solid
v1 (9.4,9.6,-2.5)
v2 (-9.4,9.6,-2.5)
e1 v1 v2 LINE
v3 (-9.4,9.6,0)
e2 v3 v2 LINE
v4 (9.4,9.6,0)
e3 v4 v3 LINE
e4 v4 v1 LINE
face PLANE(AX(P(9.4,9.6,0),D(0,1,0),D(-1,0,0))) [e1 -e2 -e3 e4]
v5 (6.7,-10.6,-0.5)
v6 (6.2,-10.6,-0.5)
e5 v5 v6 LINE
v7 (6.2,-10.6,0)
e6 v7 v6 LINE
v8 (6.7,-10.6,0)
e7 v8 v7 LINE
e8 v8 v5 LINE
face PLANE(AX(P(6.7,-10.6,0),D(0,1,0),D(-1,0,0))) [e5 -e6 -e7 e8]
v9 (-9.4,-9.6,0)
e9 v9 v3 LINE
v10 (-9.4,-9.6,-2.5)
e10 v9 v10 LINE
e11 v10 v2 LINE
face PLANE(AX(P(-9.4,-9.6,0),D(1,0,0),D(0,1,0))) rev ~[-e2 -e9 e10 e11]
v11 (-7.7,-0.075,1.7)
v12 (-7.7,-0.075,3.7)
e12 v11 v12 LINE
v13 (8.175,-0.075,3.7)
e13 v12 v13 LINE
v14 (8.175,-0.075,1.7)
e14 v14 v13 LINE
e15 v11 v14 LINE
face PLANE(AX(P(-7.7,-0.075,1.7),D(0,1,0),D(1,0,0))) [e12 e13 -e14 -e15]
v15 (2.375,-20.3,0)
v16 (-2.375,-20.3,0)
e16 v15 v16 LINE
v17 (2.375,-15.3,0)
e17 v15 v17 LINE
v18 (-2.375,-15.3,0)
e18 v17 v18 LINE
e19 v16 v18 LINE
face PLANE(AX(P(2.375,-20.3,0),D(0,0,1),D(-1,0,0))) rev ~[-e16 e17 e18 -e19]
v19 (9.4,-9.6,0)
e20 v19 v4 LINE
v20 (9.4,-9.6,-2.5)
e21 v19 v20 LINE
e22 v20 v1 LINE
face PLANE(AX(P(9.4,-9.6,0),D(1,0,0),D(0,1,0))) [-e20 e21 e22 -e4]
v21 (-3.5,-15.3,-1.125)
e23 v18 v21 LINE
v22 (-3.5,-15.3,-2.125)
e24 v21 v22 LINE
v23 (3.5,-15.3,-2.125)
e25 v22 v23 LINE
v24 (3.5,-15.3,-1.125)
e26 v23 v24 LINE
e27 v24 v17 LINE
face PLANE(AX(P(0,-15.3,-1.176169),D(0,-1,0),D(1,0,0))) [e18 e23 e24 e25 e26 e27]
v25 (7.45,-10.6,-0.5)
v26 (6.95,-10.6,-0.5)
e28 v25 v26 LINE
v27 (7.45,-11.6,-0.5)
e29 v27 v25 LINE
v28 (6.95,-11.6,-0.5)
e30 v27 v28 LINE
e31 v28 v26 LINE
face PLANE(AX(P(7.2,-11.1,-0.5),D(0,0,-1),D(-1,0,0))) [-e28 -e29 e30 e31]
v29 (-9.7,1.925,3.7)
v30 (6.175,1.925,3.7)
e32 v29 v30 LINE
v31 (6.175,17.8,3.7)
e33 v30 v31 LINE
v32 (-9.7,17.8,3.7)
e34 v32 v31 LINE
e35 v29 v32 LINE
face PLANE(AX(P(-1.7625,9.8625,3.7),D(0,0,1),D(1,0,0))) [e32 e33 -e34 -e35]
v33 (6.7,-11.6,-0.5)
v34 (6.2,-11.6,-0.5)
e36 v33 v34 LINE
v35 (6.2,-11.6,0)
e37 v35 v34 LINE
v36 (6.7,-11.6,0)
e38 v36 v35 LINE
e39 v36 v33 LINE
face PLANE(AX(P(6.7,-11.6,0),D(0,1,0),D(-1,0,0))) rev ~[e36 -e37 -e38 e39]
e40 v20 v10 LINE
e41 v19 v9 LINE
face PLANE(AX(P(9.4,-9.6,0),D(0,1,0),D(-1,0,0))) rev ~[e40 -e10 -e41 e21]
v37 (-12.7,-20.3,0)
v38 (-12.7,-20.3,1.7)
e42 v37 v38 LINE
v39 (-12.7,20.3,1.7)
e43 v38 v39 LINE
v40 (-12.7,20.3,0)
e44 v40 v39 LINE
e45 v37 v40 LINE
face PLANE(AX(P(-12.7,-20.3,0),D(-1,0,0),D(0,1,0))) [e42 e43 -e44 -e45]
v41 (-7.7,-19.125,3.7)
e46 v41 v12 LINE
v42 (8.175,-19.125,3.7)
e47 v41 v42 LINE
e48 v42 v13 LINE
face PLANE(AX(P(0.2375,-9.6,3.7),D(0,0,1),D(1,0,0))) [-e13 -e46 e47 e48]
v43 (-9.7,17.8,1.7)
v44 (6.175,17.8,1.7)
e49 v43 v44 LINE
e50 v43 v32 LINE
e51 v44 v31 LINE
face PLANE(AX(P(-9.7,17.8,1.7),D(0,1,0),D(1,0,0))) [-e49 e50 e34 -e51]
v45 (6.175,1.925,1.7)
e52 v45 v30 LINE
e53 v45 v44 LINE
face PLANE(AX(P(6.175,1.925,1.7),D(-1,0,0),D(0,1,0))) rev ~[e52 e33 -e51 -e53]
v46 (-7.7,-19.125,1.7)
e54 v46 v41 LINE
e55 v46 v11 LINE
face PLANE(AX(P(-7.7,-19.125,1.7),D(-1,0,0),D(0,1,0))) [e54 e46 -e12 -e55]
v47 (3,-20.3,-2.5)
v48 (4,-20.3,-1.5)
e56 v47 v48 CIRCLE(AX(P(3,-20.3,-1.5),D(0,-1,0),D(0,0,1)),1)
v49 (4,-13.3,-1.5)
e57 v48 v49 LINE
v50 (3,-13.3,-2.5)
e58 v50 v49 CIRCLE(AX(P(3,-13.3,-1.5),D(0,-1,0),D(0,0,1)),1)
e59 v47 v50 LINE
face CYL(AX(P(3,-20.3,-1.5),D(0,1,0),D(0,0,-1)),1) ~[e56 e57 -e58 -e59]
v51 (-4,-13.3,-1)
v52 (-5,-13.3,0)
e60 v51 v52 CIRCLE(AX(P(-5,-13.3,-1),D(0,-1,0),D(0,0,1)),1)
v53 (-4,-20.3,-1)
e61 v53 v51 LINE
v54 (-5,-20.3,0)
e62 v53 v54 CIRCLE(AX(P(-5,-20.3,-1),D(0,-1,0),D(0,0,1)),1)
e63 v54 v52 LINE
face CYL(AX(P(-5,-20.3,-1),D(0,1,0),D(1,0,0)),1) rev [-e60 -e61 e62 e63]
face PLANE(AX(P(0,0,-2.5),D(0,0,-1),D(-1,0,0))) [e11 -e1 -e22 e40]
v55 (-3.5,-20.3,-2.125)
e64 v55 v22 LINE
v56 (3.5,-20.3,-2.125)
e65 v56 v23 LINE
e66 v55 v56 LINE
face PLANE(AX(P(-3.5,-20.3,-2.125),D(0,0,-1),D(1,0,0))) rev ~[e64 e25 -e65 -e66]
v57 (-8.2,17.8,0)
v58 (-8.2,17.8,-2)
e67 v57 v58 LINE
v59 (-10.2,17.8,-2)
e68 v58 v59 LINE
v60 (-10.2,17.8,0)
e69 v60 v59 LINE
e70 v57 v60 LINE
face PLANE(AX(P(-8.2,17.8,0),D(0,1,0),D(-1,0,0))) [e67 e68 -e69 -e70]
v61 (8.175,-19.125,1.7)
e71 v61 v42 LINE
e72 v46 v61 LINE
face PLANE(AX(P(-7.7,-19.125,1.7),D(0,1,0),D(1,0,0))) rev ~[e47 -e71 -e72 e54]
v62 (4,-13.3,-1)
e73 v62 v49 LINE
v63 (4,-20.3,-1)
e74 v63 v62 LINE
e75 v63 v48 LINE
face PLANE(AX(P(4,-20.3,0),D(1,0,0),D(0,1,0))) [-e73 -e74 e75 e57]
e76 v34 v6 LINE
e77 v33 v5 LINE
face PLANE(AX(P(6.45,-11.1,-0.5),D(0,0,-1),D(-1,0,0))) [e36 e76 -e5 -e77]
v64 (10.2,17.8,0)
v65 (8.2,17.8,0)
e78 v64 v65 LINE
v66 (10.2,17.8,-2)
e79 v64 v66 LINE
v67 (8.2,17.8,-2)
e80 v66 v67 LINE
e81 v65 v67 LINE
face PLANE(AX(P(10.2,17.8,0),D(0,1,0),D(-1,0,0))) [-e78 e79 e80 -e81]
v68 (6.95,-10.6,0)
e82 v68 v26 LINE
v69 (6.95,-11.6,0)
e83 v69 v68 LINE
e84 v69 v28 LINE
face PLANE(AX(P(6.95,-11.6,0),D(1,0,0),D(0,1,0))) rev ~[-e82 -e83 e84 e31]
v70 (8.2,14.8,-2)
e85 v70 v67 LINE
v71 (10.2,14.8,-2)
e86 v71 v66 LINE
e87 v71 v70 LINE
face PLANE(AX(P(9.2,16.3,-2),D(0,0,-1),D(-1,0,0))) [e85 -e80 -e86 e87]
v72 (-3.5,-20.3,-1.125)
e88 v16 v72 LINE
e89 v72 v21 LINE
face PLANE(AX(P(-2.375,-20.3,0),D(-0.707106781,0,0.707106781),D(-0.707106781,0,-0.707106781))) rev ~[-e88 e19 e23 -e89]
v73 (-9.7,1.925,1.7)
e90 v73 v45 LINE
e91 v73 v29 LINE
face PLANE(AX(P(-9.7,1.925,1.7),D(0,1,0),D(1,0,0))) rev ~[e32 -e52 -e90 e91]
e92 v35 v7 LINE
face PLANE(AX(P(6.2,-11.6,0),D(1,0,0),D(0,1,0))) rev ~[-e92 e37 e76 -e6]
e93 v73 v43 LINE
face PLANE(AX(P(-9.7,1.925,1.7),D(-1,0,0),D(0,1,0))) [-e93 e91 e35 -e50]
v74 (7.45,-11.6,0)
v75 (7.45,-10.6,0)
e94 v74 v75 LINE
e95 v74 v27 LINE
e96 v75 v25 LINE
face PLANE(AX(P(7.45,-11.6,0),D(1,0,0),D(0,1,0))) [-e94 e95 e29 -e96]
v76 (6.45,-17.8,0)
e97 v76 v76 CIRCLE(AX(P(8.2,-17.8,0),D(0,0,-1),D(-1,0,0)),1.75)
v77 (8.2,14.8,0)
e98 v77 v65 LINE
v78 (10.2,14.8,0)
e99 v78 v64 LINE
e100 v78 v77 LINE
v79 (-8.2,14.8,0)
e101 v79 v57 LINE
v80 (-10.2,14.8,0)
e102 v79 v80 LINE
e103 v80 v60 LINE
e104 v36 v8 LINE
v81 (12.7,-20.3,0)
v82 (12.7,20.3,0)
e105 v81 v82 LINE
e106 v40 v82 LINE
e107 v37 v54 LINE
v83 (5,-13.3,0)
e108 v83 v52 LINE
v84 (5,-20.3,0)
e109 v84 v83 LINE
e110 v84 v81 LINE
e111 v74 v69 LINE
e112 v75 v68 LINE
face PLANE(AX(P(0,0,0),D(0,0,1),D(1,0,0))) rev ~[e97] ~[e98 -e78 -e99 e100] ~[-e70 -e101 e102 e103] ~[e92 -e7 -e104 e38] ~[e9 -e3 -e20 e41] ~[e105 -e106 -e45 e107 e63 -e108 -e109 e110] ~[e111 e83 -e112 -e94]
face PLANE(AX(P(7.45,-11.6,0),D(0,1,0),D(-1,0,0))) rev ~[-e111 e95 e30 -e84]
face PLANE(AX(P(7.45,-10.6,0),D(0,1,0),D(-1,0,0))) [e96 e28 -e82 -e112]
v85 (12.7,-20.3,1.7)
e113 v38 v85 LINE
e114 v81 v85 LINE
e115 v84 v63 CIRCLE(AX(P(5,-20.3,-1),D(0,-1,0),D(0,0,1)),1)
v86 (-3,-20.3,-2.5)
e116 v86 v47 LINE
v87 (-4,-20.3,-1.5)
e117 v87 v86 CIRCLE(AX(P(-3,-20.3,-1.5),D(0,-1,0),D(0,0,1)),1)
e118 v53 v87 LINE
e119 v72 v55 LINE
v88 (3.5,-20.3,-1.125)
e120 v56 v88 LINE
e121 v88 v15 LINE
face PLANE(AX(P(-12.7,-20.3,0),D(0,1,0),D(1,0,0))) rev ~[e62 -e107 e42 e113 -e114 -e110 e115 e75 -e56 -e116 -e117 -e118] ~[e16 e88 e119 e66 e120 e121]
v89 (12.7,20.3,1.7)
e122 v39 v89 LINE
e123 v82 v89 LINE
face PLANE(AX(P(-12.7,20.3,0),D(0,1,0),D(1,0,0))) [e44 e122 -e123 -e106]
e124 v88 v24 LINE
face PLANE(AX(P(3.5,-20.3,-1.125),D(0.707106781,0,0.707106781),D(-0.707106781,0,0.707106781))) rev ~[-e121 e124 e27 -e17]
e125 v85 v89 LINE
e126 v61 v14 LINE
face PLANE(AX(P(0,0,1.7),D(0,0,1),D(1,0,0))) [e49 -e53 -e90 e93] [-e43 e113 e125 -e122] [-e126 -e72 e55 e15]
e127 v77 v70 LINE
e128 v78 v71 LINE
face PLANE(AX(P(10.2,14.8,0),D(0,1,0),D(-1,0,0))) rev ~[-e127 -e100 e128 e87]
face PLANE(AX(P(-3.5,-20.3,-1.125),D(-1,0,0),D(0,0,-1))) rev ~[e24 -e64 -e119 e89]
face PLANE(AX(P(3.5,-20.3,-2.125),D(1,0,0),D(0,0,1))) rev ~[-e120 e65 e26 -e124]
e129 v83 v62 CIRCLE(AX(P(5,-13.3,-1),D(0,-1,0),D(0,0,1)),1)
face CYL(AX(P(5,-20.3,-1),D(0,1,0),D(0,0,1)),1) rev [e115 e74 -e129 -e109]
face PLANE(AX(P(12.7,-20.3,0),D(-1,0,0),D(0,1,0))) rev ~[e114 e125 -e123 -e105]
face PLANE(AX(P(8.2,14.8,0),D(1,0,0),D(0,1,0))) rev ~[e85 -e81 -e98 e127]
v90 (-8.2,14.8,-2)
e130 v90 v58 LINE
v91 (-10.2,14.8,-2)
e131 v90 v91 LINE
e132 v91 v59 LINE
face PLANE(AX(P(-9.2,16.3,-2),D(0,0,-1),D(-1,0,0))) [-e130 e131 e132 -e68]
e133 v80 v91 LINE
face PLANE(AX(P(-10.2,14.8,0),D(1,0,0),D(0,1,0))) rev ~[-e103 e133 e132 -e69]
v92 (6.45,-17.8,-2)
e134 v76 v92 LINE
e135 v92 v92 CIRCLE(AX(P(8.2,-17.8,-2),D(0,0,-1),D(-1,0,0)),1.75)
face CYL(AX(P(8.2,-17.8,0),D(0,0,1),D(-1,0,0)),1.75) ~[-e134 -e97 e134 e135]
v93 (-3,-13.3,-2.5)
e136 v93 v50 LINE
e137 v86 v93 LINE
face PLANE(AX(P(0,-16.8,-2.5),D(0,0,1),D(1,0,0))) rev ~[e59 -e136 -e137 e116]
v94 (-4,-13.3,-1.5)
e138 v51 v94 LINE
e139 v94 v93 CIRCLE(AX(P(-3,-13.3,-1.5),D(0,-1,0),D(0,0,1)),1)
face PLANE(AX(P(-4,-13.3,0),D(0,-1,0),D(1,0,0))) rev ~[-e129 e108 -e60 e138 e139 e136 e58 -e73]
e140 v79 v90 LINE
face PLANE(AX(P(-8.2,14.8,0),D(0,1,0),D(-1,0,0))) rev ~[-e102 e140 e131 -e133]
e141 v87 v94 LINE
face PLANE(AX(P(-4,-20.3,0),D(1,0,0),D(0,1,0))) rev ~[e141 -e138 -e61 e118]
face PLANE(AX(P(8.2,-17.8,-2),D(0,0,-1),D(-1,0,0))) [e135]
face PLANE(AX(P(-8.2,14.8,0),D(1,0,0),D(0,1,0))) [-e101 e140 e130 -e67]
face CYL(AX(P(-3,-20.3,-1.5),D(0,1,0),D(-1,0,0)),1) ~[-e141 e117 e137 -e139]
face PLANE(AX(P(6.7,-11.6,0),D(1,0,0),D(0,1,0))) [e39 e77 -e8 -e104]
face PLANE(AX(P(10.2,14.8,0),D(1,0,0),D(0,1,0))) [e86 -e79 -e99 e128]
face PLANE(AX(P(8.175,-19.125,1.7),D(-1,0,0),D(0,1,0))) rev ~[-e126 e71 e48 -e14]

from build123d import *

# Parameters (mm, degrees)
SKETCH1_W           = 25.4
SKETCH1_H           = 40.6
BOSS_EXTRUDE1_DEPTH = 1.7
SKETCH2_W           = 8
SKETCH2_H           = 7
BOSS_EXTRUDE2_DEPTH = 2.5
CUT_EXTRUDE2_DEPTH  = 5
FILLET1_R           = 1
FILLET2_R           = 1
SKETCH4_W           = 18.8
SKETCH4_H           = 19.2
BOSS_EXTRUDE3_DEPTH = 2.5
SKETCH5_R           = 1.75
BOSS_EXTRUDE4_DEPTH = 2
SKETCH6_W           = 0.5
SKETCH6_H           = 1
BOSS_EXTRUDE5_DEPTH = 0.5
SKETCH7_W           = 2
SKETCH7_H           = 3
BOSS_EXTRUDE6_DEPTH = 2
SKETCH8_W           = 15.875
SKETCH8_H           = 15.875
SKETCH8_H_2         = 19.05
BOSS_EXTRUDE7_DEPTH = 2


with BuildPart() as part:
    # Sketch1 → Boss-Extrude1 (new body)
    with BuildSketch(Plane.XY):
        Rectangle(SKETCH1_W, SKETCH1_H)
    extrude(amount=BOSS_EXTRUDE1_DEPTH)

    # Sketch2 → Boss-Extrude2 (add)
    with BuildSketch(Plane.XY):
        with Locations((0, -16.8)):
            Rectangle(SKETCH2_W, SKETCH2_H)
    extrude(amount=-BOSS_EXTRUDE2_DEPTH)

    # Sketch3 → Cut-Extrude2 (cut)
    with BuildSketch(Plane.XZ.offset(20.3)):
        Polygon((3.5, -2.125), (3.5, -1.125), (2.375, 0), (-2.375, 0), (-3.5, -1.125), (-3.5, -2.125), align=None)
    extrude(amount=-CUT_EXTRUDE2_DEPTH, mode=Mode.SUBTRACT)

    # Fillet1
    fillet1_edges = [part.edges().sort_by_distance(p)[0] for p in [
        (4, -16.8, -2.5),
        (-4, -16.8, -2.5),
    ]]
    fillet(fillet1_edges, radius=FILLET1_R)

    # Fillet2
    fillet2_edges = [part.edges().sort_by_distance(p)[0] for p in [
        (4, -16.8, 0),
        (-4, -16.8, 0),
    ]]
    fillet(fillet2_edges, radius=FILLET2_R)

    # Sketch4 → Boss-Extrude3 (add)
    with BuildSketch(Plane(origin=(0, 0, 0), x_dir=(-1, 0, 0), z_dir=(0, 0, -1))):
        Rectangle(SKETCH4_W, SKETCH4_H)
    extrude(amount=BOSS_EXTRUDE3_DEPTH)

    # Sketch5 → Boss-Extrude4 (add)
    with BuildSketch(Plane(origin=(0, 0, 0), x_dir=(-1, 0, 0), z_dir=(0, 0, -1))):
        with Locations((-8.2, -17.8)):
            Circle(SKETCH5_R)
    extrude(amount=BOSS_EXTRUDE4_DEPTH)

    # Sketch6 → Boss-Extrude5 (add)
    with BuildSketch(Plane(origin=(0, 0, 0), x_dir=(-1, 0, 0), z_dir=(0, 0, -1))):
        with Locations((-7.2, -11.1)):
            Rectangle(SKETCH6_W, SKETCH6_H)
        with Locations((-6.45, -11.1)):
            Rectangle(SKETCH6_W, SKETCH6_H)
    extrude(amount=BOSS_EXTRUDE5_DEPTH)

    # Sketch7 → Boss-Extrude6 (add)
    with BuildSketch(Plane(origin=(0, 0, 0), x_dir=(-1, 0, 0), z_dir=(0, 0, -1))):
        with Locations((-9.2, 16.3)):
            Rectangle(SKETCH7_W, SKETCH7_H)
        with Locations((9.2, 16.3)):
            Rectangle(SKETCH7_W, SKETCH7_H)
    extrude(amount=BOSS_EXTRUDE6_DEPTH)

    # Sketch8 → Boss-Extrude7 (add)
    with BuildSketch(Plane.XY.offset(1.7)):
        with Locations((-1.7625, 9.8625)):
            Rectangle(SKETCH8_W, SKETCH8_H)
        with Locations((0.2375, -9.6)):
            Rectangle(SKETCH8_W, SKETCH8_H_2)
    extrude(amount=BOSS_EXTRUDE7_DEPTH)


solid = part.part
